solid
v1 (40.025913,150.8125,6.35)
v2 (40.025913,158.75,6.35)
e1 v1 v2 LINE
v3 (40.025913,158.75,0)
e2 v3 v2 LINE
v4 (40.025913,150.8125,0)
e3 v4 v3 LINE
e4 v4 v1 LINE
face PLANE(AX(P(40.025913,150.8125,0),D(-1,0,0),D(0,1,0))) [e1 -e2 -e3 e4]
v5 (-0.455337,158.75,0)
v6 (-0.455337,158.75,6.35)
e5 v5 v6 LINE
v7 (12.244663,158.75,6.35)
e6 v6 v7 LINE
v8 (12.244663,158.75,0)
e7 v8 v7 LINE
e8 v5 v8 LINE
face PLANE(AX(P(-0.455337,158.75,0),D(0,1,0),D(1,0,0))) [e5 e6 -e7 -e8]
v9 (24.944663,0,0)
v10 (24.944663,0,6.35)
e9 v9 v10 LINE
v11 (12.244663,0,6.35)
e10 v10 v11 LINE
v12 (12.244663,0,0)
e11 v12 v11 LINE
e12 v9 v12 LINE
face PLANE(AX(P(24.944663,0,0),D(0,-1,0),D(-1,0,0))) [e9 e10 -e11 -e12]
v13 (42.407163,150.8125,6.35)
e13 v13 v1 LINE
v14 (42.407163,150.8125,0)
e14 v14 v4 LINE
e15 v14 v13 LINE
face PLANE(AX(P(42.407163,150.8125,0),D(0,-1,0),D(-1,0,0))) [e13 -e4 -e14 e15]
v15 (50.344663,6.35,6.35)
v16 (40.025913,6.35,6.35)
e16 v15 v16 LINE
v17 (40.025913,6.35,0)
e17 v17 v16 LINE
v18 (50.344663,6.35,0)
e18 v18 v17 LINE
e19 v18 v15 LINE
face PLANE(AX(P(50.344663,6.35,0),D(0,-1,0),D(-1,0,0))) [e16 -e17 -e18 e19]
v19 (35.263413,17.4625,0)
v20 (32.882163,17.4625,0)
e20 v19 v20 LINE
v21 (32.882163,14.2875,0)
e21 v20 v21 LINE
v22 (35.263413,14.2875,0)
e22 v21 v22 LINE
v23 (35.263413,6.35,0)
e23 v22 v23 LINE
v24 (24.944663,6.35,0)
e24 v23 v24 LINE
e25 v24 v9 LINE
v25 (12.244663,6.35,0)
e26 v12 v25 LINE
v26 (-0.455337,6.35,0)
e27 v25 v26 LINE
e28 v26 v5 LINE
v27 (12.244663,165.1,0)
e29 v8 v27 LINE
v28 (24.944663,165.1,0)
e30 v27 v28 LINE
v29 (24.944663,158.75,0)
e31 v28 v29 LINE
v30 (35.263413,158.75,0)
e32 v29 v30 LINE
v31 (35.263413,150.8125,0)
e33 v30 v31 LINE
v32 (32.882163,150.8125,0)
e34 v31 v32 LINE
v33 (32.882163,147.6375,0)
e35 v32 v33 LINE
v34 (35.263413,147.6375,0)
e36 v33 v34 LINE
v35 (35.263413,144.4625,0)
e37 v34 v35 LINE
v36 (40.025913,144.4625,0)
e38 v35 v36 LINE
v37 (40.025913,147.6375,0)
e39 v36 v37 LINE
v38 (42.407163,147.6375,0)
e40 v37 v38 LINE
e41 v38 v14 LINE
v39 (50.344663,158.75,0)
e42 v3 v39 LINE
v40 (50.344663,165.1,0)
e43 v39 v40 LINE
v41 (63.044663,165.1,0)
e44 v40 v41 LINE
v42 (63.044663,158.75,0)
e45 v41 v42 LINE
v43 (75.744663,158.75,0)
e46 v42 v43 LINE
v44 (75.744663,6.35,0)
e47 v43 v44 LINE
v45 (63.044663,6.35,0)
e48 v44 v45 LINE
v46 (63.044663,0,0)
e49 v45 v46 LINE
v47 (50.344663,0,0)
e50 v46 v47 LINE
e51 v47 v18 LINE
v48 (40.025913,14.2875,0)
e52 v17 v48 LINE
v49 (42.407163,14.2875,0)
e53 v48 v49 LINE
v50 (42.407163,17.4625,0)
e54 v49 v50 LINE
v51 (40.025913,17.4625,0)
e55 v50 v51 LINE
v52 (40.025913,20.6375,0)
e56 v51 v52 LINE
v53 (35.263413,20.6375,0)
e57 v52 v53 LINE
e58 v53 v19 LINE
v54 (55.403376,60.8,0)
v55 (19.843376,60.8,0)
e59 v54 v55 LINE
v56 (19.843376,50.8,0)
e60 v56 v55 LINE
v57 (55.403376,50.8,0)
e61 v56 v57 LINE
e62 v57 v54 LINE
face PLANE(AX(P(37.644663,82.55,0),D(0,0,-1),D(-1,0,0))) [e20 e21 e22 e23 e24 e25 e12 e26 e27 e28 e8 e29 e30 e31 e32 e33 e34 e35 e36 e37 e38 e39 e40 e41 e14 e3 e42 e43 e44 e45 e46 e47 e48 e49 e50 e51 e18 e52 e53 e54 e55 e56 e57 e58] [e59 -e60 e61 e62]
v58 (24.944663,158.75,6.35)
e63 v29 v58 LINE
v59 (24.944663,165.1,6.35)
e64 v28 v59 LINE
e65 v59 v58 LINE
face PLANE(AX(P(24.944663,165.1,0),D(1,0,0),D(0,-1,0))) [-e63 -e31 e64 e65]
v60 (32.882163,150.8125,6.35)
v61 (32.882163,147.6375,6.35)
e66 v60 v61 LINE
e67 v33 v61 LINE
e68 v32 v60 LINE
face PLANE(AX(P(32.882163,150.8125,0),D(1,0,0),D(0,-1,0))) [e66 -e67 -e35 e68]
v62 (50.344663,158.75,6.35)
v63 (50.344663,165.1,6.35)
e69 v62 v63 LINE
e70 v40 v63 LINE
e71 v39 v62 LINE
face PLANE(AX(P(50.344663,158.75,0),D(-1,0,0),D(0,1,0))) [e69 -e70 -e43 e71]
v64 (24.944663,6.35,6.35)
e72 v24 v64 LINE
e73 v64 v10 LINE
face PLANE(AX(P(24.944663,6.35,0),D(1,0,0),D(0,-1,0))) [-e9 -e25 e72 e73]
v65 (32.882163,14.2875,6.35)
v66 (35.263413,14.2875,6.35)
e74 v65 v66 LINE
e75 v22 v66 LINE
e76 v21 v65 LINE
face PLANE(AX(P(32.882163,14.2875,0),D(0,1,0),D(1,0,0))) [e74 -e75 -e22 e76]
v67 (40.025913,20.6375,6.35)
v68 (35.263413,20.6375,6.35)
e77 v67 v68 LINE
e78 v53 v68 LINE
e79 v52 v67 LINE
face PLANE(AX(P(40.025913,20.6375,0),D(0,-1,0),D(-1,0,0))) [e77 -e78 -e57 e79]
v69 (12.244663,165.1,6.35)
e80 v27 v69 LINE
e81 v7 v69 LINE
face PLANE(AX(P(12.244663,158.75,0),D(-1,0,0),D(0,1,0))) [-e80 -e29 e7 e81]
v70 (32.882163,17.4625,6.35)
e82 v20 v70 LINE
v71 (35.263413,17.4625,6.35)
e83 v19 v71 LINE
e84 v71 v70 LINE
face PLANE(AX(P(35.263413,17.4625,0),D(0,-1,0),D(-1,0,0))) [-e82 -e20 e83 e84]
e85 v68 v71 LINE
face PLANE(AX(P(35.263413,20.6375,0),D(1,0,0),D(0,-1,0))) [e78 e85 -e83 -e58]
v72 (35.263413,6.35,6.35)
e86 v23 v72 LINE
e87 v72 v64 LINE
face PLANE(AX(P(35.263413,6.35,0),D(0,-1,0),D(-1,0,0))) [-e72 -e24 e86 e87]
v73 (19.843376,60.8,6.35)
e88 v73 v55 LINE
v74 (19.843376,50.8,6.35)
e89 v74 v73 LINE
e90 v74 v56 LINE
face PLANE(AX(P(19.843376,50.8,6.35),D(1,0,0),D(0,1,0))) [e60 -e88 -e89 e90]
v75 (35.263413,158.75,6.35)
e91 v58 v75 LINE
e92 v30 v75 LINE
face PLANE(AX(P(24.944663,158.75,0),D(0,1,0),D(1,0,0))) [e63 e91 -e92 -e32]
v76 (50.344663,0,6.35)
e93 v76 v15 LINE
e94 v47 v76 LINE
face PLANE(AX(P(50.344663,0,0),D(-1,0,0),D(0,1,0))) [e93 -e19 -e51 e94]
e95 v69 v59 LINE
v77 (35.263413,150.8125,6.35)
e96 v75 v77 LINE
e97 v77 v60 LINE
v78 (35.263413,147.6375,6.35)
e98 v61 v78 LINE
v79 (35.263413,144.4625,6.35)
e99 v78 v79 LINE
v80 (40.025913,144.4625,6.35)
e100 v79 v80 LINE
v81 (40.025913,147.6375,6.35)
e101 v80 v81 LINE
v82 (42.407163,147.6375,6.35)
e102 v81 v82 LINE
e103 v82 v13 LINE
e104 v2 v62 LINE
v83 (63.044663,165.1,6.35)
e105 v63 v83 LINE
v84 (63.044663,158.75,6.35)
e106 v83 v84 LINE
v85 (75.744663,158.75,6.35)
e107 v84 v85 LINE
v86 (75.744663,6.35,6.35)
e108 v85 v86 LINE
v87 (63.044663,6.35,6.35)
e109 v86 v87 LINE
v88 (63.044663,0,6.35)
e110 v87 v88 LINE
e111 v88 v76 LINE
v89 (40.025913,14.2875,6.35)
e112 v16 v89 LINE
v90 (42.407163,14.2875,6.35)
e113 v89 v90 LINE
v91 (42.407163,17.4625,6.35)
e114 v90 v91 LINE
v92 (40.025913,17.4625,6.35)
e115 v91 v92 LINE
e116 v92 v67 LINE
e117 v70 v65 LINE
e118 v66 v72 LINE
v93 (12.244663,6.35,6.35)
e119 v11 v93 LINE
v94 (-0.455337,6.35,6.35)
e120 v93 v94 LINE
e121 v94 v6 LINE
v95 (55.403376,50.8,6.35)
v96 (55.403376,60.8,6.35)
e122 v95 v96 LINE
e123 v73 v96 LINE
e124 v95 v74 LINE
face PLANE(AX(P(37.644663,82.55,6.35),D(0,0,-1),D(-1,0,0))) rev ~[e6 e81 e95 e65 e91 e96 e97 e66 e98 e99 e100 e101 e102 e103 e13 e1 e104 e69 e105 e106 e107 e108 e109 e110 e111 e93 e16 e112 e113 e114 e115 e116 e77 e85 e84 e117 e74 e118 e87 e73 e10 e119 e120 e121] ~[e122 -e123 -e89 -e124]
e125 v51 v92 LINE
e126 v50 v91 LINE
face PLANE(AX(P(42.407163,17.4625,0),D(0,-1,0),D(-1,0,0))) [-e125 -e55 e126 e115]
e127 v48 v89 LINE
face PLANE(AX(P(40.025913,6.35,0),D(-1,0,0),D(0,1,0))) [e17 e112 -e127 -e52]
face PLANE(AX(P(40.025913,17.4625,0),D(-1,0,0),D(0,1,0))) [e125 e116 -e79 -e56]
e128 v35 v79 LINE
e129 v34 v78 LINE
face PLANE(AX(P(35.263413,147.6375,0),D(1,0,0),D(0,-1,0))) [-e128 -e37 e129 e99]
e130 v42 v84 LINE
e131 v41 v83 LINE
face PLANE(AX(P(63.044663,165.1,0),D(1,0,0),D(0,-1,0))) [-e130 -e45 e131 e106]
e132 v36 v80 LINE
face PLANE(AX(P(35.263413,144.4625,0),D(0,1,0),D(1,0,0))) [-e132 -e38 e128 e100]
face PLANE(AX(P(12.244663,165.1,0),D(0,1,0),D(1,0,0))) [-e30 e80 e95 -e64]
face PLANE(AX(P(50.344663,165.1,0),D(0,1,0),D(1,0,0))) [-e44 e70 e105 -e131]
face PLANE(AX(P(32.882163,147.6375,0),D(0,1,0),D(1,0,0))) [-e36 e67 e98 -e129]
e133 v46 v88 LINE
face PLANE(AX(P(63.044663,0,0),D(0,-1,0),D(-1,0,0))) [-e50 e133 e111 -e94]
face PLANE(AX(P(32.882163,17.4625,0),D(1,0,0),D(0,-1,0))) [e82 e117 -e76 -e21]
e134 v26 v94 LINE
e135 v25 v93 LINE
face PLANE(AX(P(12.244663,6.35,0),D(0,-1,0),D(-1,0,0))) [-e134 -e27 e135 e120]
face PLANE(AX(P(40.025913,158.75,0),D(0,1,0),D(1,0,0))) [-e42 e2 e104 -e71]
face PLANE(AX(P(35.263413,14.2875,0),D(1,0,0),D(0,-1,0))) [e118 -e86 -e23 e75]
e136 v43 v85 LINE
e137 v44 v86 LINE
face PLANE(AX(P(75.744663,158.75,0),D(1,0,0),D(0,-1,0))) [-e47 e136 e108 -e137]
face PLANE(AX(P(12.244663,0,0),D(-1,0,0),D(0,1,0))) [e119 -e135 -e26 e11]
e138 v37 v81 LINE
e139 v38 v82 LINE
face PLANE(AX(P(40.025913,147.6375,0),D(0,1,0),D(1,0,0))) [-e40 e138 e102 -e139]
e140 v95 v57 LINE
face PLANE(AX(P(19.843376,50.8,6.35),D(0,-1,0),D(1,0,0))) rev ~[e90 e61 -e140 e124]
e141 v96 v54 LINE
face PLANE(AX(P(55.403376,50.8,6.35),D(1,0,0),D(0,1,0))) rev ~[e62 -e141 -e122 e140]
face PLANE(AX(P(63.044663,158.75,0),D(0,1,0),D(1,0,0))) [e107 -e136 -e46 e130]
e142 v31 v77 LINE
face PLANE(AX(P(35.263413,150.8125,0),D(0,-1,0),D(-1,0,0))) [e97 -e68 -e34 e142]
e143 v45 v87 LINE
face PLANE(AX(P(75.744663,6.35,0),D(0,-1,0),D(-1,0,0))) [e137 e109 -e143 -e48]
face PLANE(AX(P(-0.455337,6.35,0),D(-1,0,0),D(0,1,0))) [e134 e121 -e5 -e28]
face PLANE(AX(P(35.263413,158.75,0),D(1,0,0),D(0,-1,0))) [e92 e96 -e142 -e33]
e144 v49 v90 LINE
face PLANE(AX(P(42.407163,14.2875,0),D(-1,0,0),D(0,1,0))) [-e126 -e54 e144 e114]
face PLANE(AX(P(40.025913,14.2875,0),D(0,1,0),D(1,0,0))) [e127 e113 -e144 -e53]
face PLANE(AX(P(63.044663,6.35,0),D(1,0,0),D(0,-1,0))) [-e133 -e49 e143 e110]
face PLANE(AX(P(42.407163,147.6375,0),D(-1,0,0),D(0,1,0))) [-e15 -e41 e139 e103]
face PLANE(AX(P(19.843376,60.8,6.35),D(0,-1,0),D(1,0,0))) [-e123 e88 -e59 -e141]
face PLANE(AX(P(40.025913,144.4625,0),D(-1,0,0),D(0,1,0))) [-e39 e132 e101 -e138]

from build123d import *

# Parameters (mm, degrees)
SKETCH2_W           = 30
SKETCH2_H           = 10
BOSS_EXTRUDE1_DEPTH = 6.35
SKETCH3_W           = 35.56
SKETCH3_H           = 10
CUT_EXTRUDE1_DEPTH  = 6.35


with BuildPart() as part:
    # Sketch2 → Boss-Extrude1 (new body)
    with BuildSketch(Plane.XY):
        Polygon((12.244662888, 165.1), (24.944662888, 165.1), (24.944662888, 158.75), (35.263412888, 158.75), (35.263412888, 150.8125), (32.882162888, 150.8125), (32.882162888, 147.6375), (35.263412888, 147.6375), (35.263412888, 144.4625), (40.025912888, 144.4625), (40.025912888, 147.6375), (42.407162888, 147.6375), (42.407162888, 150.8125), (40.025912888, 150.8125), (40.025912888, 158.75), (50.344662888, 158.75), (50.344662888, 165.1), (63.044662888, 165.1), (63.044662888, 158.75), (75.744662888, 158.75), (75.744662888, 6.35), (63.044662888, 6.35), (63.044662888, 0), (50.344662888, 0), (50.344662888, 6.35), (40.025912888, 6.35), (40.025912888, 14.2875), (42.407162888, 14.2875), (42.407162888, 17.4625), (40.025912888, 17.4625), (40.025912888, 20.6375), (35.263412888, 20.6375), (35.263412888, 17.4625), (32.882162888, 17.4625), (32.882162888, 14.2875), (35.263412888, 14.2875), (35.263412888, 6.35), (24.944662888, 6.35), (24.944662888, 0), (12.244662888, 0), (12.244662888, 6.35), (-0.455337112, 6.35), (-0.455337112, 158.75), (12.244662888, 158.75), align=None)
        with Locations((37.644662886, 55.8)):
            Rectangle(SKETCH2_W, SKETCH2_H, mode=Mode.SUBTRACT)
    extrude(amount=BOSS_EXTRUDE1_DEPTH)

    # Sketch3 → Cut-Extrude1 (cut)
    with BuildSketch(Plane.XY.offset(6.35)):
        with Locations((37.623375509, 55.8)):
            Rectangle(SKETCH3_W, SKETCH3_H)
    extrude(amount=-CUT_EXTRUDE1_DEPTH, mode=Mode.SUBTRACT)


solid = part.part
